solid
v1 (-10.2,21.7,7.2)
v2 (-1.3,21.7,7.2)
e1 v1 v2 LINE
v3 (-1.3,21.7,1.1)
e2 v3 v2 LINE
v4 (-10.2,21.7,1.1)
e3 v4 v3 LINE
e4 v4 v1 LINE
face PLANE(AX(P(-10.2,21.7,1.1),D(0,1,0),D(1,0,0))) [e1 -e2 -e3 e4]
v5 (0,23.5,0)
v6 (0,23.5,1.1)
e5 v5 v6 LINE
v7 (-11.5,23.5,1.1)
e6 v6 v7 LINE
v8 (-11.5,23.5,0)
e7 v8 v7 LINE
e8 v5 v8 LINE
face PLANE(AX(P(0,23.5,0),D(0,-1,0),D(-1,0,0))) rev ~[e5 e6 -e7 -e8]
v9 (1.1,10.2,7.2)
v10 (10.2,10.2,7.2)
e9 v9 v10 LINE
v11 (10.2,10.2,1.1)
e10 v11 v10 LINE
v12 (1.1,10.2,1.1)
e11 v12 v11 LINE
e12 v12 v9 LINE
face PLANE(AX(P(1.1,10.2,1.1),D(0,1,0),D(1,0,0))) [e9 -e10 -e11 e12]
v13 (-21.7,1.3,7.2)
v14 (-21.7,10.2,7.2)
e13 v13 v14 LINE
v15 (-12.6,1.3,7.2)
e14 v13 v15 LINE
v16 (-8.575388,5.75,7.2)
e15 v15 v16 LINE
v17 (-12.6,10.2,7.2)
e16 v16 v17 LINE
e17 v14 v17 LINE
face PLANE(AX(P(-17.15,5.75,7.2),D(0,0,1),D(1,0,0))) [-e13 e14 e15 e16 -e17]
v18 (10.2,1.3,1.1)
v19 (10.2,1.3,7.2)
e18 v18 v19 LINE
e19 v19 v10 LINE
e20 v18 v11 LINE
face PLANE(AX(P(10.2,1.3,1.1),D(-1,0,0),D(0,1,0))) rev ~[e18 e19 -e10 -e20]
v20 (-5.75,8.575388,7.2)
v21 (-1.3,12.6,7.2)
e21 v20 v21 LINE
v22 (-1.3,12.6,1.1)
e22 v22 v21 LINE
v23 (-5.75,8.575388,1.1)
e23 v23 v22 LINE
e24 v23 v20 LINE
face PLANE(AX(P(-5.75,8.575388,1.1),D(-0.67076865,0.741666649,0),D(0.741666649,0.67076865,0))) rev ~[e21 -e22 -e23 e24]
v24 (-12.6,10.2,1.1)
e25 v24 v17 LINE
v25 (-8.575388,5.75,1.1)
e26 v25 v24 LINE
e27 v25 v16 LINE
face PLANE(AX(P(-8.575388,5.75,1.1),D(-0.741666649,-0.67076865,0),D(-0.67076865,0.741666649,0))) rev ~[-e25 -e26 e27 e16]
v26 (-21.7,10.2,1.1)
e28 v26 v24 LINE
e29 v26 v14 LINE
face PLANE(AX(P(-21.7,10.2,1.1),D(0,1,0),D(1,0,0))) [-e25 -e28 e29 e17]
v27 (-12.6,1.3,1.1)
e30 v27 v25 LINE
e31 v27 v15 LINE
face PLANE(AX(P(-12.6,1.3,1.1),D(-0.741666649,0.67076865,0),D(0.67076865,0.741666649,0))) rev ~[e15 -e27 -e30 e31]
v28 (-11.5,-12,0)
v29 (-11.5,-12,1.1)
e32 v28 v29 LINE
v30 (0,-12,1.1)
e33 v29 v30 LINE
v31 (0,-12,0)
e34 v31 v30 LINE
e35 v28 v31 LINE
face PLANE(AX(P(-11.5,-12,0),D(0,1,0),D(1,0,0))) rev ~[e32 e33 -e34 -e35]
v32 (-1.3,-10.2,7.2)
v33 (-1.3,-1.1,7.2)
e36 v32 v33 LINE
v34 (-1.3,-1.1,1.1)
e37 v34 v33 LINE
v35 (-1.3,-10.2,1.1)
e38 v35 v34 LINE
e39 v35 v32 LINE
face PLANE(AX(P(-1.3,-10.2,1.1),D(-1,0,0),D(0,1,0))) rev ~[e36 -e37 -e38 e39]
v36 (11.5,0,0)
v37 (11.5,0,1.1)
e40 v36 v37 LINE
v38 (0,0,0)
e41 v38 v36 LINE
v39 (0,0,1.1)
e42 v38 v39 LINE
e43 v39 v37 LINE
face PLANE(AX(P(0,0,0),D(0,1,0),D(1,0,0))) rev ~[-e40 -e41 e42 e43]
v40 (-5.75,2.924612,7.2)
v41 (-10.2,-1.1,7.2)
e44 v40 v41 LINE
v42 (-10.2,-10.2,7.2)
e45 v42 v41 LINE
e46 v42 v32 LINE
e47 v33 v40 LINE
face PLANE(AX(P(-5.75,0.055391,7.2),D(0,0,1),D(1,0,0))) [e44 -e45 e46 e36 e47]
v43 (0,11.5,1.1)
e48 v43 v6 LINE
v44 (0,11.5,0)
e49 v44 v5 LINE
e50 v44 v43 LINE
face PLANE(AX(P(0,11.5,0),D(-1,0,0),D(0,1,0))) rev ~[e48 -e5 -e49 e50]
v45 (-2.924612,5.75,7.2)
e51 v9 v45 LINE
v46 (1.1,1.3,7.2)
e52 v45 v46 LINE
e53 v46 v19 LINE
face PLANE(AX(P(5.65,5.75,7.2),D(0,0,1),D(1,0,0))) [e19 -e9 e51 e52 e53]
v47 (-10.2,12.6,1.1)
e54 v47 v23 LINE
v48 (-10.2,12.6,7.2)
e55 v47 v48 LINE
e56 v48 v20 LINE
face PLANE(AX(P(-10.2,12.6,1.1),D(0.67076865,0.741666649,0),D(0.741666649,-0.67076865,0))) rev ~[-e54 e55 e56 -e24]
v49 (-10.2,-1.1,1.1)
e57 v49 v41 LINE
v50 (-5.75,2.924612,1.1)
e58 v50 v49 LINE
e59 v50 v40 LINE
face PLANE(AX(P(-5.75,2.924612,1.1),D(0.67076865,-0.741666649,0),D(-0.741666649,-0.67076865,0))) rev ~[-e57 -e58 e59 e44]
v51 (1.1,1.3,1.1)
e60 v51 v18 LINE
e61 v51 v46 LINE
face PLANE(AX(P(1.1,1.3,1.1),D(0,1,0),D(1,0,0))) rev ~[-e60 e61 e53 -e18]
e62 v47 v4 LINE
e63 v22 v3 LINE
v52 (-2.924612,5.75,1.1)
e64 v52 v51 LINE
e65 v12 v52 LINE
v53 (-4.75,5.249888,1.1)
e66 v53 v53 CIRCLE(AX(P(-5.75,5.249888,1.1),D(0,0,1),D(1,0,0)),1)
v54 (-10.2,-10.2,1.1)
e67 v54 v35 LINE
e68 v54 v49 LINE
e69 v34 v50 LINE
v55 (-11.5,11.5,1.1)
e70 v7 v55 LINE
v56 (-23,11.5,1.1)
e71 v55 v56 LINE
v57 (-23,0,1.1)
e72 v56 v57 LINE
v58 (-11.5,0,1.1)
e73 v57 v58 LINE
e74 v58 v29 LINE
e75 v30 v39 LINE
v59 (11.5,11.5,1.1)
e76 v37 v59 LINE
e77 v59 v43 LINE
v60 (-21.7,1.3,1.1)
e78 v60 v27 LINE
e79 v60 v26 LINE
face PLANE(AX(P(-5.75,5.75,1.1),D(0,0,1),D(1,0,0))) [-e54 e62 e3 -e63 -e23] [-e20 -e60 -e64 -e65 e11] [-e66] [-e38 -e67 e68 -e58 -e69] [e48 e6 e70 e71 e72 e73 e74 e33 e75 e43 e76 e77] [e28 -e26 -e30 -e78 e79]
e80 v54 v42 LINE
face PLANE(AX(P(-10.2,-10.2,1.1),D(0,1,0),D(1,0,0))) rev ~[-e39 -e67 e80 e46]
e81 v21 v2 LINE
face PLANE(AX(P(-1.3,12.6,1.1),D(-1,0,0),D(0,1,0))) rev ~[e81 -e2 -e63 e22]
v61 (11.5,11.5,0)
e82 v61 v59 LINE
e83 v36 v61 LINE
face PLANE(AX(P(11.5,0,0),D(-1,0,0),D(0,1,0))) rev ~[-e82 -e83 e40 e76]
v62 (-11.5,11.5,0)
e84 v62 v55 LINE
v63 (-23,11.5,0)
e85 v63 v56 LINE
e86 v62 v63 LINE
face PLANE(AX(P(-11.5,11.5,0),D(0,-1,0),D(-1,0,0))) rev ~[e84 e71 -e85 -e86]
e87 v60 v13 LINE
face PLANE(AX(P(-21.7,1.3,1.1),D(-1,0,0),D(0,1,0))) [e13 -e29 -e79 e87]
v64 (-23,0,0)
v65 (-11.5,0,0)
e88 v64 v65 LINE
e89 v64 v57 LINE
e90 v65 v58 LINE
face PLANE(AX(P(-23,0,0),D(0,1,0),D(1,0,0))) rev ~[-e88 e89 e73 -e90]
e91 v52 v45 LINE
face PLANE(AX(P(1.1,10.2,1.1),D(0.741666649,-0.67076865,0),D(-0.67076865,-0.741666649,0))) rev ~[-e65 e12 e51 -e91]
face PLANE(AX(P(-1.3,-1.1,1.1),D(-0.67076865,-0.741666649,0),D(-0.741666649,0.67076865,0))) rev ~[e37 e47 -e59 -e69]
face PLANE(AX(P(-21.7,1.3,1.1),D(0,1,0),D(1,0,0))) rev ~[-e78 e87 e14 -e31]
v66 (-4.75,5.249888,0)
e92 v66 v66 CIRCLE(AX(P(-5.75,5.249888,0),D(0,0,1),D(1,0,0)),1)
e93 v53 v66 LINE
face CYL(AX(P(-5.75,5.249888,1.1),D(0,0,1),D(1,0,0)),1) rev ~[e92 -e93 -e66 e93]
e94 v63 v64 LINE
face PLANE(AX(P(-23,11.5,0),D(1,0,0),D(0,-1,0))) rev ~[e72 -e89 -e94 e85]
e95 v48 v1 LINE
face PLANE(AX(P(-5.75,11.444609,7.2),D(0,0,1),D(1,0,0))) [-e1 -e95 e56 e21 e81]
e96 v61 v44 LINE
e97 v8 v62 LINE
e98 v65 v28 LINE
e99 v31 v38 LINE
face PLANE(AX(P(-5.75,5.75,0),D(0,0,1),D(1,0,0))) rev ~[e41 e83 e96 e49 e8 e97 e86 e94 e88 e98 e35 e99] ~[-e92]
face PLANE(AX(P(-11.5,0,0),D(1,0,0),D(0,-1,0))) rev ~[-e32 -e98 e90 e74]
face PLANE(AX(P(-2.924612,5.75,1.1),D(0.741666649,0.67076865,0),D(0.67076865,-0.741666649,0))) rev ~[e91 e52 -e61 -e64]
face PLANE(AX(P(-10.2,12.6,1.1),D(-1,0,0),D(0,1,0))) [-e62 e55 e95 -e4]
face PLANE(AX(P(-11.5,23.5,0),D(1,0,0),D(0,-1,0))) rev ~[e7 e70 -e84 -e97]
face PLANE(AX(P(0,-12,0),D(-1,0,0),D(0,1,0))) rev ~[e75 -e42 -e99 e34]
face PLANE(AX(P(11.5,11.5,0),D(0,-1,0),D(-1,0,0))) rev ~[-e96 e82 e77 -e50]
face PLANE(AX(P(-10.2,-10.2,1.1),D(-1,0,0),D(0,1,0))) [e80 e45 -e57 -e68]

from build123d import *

# Parameters (mm, degrees)
F1_DEPTH = 1.1
F2_W     = 9.1
F2_H     = 8.9
F2_W_2   = 8.9
F2_H_2   = 9.1
F3_DEPTH = 6.1
F2_R     = 1
F4_DEPTH = 1.101


with BuildPart() as f1:
    # F0 (on Top) → F1 (new body)
    with BuildSketch(Plane.XY):
        Polygon((-11.5, 11.5), (-23, 11.5), (-23, 0), (-11.5, 0), (-11.5, -12), (0, -12), (0, 0), (11.5, 0), (11.5, 11.5), (0, 11.5), (0, 23.5), (-11.5, 23.5), align=None)
    extrude(amount=F1_DEPTH)

    # F2 (on face) → F3 (join)
    with BuildSketch(Plane.XY.offset(1.1)):
        with Locations((-17.15, 5.75)):
            Rectangle(F2_W, F2_H)
        Polygon((-8.575388, 5.75), (-12.6, 10.2), (-12.6, 1.3), align=None)
        Polygon((-5.75, 2.924612), (-10.2, -1.1), (-1.3, -1.1), align=None)
        with Locations((-5.75, -5.65)):
            Rectangle(F2_W_2, F2_H_2)
        with Locations((5.65, 5.75)):
            Rectangle(F2_W, F2_H)
        Polygon((1.1, 1.3), (1.1, 10.2), (-2.924612, 5.75), align=None)
        Polygon((-1.3, 12.6), (-10.2, 12.6), (-5.75, 8.575388), align=None)
        with Locations((-5.75, 17.15)):
            Rectangle(F2_W_2, F2_H_2)
    extrude(amount=F3_DEPTH)

    # F2 (on face) → F4 (cut, through all)
    with BuildSketch(Plane.XY.offset(1.1)):
        with Locations((-5.75, 5.249888)):
            Circle(F2_R)
    extrude(amount=-F4_DEPTH, mode=Mode.SUBTRACT)


solid = f1.part
